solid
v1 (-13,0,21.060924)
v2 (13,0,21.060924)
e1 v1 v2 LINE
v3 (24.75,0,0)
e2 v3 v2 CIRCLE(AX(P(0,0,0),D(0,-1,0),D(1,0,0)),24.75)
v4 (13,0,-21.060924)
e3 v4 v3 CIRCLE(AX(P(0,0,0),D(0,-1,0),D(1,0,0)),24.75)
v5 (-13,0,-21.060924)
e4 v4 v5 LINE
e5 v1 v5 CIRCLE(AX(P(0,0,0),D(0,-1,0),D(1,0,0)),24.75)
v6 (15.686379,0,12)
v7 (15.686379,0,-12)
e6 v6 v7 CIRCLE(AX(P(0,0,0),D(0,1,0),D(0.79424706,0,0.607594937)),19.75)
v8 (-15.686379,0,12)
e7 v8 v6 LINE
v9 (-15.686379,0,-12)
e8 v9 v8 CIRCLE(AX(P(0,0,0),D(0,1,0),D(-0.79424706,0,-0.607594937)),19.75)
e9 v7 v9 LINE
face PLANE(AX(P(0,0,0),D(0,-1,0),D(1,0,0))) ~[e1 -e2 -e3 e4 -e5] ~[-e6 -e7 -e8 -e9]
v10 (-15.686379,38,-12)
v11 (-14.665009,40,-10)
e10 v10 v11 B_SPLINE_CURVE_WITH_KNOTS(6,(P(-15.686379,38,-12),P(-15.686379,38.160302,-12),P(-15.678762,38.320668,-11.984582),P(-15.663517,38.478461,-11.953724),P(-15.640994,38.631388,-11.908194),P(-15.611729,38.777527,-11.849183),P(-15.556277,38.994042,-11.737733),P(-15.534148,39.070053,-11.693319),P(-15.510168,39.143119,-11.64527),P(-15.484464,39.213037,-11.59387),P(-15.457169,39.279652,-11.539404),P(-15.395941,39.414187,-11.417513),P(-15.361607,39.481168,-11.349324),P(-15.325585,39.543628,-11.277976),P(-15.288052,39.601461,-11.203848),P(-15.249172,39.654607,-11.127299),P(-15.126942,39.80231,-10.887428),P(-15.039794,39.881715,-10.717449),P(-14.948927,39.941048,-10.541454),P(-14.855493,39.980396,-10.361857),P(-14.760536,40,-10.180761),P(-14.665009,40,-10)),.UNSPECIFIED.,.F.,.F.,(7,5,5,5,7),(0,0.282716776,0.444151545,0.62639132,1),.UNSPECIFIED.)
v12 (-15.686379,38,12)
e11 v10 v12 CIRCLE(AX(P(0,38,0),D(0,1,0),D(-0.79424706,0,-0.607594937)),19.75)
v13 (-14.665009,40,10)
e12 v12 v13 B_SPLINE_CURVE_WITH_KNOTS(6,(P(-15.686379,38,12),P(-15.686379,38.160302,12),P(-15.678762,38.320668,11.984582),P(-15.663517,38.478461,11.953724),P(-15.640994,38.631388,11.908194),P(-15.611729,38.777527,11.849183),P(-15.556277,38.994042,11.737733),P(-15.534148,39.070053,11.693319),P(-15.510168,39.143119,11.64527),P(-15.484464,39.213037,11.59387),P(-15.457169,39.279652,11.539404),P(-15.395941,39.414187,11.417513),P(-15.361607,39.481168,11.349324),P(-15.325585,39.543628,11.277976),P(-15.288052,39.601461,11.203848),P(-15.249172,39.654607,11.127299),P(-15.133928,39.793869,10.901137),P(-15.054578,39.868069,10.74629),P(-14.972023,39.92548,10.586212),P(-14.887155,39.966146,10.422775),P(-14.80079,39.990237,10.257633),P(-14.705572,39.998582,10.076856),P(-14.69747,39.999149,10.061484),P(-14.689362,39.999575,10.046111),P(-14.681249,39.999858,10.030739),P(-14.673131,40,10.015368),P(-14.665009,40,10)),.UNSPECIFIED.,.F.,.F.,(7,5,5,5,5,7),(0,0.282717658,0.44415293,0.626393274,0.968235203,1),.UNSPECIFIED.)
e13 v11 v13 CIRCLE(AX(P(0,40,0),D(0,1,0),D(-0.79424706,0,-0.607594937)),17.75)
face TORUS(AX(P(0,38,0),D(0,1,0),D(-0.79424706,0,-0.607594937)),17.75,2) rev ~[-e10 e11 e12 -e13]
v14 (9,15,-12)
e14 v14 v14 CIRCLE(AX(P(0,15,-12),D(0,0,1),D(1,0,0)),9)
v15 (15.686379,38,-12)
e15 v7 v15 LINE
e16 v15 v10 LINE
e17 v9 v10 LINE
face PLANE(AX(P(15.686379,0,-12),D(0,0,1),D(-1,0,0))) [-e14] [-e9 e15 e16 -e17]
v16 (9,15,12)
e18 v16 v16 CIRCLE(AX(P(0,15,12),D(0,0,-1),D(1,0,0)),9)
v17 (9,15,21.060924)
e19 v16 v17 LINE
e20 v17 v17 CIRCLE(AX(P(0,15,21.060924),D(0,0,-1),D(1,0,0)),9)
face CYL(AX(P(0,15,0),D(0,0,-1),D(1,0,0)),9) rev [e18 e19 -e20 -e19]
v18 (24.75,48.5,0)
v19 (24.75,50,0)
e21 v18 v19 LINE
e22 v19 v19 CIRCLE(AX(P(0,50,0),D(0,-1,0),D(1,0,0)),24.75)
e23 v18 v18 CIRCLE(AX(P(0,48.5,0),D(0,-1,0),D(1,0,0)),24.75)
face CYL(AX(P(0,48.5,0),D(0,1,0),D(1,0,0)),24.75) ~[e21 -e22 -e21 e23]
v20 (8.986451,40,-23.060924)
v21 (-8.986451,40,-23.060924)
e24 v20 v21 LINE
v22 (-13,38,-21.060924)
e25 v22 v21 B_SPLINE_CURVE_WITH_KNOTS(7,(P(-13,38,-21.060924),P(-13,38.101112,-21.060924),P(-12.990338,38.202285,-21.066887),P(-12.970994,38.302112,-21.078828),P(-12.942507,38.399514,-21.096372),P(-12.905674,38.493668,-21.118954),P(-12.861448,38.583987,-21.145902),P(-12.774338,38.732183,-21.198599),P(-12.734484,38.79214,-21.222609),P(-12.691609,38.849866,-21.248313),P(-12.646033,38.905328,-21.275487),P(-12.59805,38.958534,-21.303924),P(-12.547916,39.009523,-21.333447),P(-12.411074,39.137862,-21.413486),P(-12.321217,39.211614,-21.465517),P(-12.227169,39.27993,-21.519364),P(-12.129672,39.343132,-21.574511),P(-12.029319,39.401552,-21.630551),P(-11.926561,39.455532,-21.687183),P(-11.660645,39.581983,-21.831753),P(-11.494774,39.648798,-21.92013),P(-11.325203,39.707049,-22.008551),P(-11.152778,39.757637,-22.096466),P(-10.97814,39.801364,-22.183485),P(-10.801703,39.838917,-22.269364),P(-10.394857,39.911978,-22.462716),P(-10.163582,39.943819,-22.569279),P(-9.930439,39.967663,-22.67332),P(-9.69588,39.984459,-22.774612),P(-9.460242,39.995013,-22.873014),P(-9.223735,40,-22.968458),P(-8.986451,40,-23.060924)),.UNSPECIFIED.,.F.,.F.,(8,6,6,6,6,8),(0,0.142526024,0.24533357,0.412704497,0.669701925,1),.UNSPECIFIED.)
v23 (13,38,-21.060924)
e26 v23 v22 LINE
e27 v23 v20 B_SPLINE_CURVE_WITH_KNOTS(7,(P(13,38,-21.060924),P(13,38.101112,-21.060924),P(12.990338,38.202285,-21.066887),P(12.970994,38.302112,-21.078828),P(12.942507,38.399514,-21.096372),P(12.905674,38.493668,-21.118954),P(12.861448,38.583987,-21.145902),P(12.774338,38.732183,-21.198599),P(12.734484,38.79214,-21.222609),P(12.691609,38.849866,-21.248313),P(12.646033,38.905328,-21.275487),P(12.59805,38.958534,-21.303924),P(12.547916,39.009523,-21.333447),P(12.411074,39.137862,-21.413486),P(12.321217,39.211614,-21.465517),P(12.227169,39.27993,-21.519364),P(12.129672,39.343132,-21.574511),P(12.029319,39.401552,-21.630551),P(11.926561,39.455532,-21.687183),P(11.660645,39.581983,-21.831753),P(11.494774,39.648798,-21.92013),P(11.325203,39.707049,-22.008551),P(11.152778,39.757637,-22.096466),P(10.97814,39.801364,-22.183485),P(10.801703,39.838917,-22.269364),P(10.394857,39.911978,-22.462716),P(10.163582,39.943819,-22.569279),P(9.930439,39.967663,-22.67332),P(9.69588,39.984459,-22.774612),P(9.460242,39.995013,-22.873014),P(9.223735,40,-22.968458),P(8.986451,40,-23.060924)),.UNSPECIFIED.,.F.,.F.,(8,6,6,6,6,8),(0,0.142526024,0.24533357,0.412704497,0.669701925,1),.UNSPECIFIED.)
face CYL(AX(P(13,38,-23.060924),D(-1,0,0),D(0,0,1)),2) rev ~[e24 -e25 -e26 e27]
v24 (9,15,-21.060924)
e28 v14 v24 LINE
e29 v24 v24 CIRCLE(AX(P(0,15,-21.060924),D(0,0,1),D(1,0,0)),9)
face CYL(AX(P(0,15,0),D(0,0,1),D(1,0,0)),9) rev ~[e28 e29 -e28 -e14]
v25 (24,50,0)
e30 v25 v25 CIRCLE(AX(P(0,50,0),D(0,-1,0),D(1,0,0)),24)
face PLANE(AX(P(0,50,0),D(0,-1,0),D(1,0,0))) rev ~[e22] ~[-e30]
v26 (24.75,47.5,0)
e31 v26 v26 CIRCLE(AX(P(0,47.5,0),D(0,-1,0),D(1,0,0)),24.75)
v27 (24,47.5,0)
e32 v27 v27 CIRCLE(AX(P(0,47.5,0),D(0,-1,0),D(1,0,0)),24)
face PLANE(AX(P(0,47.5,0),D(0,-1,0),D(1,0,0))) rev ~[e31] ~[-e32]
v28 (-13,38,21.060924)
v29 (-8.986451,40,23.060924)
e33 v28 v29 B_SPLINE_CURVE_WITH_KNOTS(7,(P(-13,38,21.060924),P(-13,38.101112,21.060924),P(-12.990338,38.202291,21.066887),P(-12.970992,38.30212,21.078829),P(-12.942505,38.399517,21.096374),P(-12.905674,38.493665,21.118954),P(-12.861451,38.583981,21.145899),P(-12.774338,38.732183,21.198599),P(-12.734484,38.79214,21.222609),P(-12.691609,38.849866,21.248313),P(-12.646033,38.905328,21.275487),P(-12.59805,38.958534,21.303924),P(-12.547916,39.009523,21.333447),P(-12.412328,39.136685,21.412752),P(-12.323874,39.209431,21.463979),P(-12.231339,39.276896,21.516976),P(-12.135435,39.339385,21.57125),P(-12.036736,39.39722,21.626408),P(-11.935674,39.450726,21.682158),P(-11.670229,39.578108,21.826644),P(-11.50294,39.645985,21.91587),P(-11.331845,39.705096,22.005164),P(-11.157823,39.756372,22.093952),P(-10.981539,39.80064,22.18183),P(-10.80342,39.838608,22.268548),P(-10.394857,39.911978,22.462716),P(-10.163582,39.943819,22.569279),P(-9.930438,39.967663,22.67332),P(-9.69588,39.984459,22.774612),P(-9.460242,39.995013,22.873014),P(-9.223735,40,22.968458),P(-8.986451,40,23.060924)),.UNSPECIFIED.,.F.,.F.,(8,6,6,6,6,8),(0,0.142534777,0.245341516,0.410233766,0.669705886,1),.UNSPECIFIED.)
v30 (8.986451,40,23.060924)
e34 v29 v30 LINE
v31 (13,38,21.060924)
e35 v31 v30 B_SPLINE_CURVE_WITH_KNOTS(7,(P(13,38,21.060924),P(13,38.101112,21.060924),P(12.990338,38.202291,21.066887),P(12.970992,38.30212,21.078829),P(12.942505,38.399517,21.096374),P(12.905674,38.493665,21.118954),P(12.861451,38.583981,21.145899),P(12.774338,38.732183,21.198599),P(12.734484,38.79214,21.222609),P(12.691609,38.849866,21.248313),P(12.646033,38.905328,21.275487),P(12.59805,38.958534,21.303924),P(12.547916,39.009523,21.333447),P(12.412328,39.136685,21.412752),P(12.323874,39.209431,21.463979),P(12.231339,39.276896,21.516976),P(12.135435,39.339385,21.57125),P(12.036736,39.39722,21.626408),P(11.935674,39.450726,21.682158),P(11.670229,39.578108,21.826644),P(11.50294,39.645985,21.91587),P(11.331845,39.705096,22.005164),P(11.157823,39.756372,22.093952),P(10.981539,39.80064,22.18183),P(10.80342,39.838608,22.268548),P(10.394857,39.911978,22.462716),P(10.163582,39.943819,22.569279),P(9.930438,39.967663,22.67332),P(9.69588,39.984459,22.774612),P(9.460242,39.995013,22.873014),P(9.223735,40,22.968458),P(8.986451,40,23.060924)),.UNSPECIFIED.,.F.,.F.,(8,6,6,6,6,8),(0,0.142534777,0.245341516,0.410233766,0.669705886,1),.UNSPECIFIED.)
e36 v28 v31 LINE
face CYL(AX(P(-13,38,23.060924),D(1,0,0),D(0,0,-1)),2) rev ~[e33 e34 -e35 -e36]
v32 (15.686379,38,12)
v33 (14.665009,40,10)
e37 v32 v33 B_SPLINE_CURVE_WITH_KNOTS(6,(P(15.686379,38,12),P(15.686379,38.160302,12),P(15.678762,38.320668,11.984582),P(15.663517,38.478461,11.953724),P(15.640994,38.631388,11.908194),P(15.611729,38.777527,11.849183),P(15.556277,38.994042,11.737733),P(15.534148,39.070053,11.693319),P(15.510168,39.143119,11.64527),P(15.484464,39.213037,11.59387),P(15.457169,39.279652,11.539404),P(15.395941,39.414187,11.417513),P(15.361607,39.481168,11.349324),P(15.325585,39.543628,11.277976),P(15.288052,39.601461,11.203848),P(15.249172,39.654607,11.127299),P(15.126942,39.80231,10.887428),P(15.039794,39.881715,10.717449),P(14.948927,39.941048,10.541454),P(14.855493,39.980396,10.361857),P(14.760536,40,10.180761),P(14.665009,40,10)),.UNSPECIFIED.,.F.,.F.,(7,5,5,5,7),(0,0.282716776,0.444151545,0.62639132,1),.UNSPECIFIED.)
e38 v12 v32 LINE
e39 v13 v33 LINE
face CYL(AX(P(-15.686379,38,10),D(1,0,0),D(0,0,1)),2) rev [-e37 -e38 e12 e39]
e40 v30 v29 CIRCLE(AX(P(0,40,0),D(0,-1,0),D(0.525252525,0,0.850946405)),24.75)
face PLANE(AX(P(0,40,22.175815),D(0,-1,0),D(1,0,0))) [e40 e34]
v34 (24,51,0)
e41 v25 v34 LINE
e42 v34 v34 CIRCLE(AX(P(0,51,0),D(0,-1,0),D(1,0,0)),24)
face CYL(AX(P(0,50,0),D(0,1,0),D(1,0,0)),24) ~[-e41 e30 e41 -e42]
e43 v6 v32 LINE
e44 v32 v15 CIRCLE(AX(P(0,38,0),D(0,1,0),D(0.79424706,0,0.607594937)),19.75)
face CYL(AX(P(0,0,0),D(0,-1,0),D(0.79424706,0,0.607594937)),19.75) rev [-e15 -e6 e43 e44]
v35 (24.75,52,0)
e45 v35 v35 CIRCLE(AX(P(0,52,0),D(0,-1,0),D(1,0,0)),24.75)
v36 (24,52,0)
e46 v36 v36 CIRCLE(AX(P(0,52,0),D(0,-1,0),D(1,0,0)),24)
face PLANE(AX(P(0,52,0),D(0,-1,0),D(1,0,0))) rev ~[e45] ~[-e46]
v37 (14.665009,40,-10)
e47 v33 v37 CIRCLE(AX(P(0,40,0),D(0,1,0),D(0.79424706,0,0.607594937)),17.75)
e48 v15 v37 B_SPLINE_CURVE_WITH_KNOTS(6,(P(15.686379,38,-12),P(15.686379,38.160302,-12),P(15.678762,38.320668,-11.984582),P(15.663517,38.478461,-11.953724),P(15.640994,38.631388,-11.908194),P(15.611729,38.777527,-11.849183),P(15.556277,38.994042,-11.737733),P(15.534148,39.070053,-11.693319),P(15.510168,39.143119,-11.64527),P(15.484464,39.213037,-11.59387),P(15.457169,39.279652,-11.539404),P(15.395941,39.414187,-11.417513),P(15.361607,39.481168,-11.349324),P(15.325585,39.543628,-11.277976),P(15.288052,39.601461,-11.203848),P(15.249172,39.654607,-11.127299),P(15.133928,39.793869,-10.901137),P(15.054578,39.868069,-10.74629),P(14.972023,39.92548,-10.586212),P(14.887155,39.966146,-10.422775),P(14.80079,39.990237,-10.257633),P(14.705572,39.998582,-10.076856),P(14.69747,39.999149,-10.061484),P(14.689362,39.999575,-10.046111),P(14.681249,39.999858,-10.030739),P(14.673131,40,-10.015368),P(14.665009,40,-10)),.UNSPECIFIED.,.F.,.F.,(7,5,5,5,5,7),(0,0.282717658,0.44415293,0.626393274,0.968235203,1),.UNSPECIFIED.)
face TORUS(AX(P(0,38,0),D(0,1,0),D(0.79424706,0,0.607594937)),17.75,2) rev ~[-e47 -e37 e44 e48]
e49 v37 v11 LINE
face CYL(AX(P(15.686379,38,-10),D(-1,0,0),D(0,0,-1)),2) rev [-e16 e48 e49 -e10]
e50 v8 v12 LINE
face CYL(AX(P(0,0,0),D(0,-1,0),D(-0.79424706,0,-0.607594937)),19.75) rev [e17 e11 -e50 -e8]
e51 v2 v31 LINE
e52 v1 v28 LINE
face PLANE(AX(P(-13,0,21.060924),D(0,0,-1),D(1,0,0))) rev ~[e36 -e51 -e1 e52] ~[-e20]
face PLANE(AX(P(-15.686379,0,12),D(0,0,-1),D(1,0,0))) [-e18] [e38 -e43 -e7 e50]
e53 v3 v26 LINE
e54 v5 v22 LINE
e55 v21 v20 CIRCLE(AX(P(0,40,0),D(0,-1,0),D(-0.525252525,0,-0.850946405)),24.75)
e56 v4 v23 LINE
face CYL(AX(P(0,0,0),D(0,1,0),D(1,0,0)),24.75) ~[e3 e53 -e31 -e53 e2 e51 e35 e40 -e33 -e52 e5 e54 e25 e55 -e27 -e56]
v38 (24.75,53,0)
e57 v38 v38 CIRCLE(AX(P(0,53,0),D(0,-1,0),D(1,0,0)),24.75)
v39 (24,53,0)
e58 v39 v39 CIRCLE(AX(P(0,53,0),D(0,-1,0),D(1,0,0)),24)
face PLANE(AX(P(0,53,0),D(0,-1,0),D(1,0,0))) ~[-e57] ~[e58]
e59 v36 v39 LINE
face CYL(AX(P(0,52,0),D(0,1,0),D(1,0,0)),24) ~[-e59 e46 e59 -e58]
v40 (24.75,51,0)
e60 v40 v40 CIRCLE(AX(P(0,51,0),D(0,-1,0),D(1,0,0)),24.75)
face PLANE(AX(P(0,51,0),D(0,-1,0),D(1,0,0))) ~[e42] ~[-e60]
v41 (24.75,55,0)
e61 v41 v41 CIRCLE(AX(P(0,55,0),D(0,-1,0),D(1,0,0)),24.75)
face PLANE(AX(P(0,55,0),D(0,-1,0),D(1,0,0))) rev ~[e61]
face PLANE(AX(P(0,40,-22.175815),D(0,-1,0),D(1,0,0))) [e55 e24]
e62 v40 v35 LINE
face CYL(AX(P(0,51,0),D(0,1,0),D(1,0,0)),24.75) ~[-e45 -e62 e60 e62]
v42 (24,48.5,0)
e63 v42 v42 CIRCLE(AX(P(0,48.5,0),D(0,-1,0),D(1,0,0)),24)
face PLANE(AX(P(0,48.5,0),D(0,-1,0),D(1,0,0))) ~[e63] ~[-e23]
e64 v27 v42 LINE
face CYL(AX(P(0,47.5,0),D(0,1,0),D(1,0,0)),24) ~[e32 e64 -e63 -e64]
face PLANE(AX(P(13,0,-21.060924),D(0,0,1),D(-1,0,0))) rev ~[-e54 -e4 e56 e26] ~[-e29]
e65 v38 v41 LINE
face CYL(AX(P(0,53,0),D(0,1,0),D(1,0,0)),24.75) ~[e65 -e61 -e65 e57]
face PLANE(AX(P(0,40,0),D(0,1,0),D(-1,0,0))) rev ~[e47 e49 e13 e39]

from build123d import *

# Parameters (mm, degrees)
SKICA3_R                      = 9
ODEBRAT_VYSUNUT_M1_DEPTH      = 25.75
ODEBRAT_VYSUNUT_M1_DEPTH_BACK = 25.75
ODEBRAT_VYSUNUT_M2_DEPTH      = 40
ZAOBLIT1_R                    = 2


with BuildPart() as part:
    # Skica2 → Rotovat1 (revolve)
    with BuildSketch(Plane.XY):
        Polygon((0, 0), (24.75, 0), (24.75, 47.5), (24, 47.5), (24, 48.5), (24.75, 48.5), (24.75, 50), (24, 50), (24, 51), (24.75, 51), (24.75, 52), (24, 52), (24, 53), (24.75, 53), (24.75, 55), (0, 55), align=None)
    revolve(axis=Axis((0, 49.551771463, 0), (0, -1, 0)))

    # Skica3 → Odebrat vysunutím1 (cut, two sides)
    with BuildSketch(Plane.XY) as odebrat_vysunut_m1_sk:
        with Locations((0, 15)):
            Circle(SKICA3_R)
    extrude(amount=ODEBRAT_VYSUNUT_M1_DEPTH, mode=Mode.SUBTRACT)
    extrude(odebrat_vysunut_m1_sk.sketch, amount=-ODEBRAT_VYSUNUT_M1_DEPTH_BACK, mode=Mode.SUBTRACT)

    # Skica4 → Odebrat vysunutím2 (cut)
    with BuildSketch(Plane.XZ):
        with BuildLine():
            Line((-13, 21.060923532), (13, 21.060923532))
            ThreePointArc((13, 21.060923532), (0, 24.75), (-13, 21.060923532))
        make_face()
        with BuildLine():
            ThreePointArc((15.686379442, 12), (19.75, 0), (15.686379442, -12))
            Line((15.686379442, -12), (-15.686379442, -12))
            ThreePointArc((-15.686379442, -12), (-19.75, 0), (-15.686379442, 12))
            Line((-15.686379442, 12), (15.686379442, 12))
        make_face()
        with BuildLine():
            Line((13, -21.060923532), (-13, -21.060923532))
            ThreePointArc((-13, -21.060923532), (0, -24.75), (13, -21.060923532))
        make_face()
    extrude(amount=-ODEBRAT_VYSUNUT_M2_DEPTH, mode=Mode.SUBTRACT)

    # Zaoblit1
    zaoblit1_edges = [part.edges().sort_by_distance(p)[0] for p in [
        (0, 40, 21.060923532),
        (0, 40, -12),
        (0, 40, 12),
        (19.75, 40, 0),
        (-19.75, 40, 0),
        (0, 40, -21.060923532),
    ]]
    fillet(zaoblit1_edges, radius=ZAOBLIT1_R)


solid = part.part
